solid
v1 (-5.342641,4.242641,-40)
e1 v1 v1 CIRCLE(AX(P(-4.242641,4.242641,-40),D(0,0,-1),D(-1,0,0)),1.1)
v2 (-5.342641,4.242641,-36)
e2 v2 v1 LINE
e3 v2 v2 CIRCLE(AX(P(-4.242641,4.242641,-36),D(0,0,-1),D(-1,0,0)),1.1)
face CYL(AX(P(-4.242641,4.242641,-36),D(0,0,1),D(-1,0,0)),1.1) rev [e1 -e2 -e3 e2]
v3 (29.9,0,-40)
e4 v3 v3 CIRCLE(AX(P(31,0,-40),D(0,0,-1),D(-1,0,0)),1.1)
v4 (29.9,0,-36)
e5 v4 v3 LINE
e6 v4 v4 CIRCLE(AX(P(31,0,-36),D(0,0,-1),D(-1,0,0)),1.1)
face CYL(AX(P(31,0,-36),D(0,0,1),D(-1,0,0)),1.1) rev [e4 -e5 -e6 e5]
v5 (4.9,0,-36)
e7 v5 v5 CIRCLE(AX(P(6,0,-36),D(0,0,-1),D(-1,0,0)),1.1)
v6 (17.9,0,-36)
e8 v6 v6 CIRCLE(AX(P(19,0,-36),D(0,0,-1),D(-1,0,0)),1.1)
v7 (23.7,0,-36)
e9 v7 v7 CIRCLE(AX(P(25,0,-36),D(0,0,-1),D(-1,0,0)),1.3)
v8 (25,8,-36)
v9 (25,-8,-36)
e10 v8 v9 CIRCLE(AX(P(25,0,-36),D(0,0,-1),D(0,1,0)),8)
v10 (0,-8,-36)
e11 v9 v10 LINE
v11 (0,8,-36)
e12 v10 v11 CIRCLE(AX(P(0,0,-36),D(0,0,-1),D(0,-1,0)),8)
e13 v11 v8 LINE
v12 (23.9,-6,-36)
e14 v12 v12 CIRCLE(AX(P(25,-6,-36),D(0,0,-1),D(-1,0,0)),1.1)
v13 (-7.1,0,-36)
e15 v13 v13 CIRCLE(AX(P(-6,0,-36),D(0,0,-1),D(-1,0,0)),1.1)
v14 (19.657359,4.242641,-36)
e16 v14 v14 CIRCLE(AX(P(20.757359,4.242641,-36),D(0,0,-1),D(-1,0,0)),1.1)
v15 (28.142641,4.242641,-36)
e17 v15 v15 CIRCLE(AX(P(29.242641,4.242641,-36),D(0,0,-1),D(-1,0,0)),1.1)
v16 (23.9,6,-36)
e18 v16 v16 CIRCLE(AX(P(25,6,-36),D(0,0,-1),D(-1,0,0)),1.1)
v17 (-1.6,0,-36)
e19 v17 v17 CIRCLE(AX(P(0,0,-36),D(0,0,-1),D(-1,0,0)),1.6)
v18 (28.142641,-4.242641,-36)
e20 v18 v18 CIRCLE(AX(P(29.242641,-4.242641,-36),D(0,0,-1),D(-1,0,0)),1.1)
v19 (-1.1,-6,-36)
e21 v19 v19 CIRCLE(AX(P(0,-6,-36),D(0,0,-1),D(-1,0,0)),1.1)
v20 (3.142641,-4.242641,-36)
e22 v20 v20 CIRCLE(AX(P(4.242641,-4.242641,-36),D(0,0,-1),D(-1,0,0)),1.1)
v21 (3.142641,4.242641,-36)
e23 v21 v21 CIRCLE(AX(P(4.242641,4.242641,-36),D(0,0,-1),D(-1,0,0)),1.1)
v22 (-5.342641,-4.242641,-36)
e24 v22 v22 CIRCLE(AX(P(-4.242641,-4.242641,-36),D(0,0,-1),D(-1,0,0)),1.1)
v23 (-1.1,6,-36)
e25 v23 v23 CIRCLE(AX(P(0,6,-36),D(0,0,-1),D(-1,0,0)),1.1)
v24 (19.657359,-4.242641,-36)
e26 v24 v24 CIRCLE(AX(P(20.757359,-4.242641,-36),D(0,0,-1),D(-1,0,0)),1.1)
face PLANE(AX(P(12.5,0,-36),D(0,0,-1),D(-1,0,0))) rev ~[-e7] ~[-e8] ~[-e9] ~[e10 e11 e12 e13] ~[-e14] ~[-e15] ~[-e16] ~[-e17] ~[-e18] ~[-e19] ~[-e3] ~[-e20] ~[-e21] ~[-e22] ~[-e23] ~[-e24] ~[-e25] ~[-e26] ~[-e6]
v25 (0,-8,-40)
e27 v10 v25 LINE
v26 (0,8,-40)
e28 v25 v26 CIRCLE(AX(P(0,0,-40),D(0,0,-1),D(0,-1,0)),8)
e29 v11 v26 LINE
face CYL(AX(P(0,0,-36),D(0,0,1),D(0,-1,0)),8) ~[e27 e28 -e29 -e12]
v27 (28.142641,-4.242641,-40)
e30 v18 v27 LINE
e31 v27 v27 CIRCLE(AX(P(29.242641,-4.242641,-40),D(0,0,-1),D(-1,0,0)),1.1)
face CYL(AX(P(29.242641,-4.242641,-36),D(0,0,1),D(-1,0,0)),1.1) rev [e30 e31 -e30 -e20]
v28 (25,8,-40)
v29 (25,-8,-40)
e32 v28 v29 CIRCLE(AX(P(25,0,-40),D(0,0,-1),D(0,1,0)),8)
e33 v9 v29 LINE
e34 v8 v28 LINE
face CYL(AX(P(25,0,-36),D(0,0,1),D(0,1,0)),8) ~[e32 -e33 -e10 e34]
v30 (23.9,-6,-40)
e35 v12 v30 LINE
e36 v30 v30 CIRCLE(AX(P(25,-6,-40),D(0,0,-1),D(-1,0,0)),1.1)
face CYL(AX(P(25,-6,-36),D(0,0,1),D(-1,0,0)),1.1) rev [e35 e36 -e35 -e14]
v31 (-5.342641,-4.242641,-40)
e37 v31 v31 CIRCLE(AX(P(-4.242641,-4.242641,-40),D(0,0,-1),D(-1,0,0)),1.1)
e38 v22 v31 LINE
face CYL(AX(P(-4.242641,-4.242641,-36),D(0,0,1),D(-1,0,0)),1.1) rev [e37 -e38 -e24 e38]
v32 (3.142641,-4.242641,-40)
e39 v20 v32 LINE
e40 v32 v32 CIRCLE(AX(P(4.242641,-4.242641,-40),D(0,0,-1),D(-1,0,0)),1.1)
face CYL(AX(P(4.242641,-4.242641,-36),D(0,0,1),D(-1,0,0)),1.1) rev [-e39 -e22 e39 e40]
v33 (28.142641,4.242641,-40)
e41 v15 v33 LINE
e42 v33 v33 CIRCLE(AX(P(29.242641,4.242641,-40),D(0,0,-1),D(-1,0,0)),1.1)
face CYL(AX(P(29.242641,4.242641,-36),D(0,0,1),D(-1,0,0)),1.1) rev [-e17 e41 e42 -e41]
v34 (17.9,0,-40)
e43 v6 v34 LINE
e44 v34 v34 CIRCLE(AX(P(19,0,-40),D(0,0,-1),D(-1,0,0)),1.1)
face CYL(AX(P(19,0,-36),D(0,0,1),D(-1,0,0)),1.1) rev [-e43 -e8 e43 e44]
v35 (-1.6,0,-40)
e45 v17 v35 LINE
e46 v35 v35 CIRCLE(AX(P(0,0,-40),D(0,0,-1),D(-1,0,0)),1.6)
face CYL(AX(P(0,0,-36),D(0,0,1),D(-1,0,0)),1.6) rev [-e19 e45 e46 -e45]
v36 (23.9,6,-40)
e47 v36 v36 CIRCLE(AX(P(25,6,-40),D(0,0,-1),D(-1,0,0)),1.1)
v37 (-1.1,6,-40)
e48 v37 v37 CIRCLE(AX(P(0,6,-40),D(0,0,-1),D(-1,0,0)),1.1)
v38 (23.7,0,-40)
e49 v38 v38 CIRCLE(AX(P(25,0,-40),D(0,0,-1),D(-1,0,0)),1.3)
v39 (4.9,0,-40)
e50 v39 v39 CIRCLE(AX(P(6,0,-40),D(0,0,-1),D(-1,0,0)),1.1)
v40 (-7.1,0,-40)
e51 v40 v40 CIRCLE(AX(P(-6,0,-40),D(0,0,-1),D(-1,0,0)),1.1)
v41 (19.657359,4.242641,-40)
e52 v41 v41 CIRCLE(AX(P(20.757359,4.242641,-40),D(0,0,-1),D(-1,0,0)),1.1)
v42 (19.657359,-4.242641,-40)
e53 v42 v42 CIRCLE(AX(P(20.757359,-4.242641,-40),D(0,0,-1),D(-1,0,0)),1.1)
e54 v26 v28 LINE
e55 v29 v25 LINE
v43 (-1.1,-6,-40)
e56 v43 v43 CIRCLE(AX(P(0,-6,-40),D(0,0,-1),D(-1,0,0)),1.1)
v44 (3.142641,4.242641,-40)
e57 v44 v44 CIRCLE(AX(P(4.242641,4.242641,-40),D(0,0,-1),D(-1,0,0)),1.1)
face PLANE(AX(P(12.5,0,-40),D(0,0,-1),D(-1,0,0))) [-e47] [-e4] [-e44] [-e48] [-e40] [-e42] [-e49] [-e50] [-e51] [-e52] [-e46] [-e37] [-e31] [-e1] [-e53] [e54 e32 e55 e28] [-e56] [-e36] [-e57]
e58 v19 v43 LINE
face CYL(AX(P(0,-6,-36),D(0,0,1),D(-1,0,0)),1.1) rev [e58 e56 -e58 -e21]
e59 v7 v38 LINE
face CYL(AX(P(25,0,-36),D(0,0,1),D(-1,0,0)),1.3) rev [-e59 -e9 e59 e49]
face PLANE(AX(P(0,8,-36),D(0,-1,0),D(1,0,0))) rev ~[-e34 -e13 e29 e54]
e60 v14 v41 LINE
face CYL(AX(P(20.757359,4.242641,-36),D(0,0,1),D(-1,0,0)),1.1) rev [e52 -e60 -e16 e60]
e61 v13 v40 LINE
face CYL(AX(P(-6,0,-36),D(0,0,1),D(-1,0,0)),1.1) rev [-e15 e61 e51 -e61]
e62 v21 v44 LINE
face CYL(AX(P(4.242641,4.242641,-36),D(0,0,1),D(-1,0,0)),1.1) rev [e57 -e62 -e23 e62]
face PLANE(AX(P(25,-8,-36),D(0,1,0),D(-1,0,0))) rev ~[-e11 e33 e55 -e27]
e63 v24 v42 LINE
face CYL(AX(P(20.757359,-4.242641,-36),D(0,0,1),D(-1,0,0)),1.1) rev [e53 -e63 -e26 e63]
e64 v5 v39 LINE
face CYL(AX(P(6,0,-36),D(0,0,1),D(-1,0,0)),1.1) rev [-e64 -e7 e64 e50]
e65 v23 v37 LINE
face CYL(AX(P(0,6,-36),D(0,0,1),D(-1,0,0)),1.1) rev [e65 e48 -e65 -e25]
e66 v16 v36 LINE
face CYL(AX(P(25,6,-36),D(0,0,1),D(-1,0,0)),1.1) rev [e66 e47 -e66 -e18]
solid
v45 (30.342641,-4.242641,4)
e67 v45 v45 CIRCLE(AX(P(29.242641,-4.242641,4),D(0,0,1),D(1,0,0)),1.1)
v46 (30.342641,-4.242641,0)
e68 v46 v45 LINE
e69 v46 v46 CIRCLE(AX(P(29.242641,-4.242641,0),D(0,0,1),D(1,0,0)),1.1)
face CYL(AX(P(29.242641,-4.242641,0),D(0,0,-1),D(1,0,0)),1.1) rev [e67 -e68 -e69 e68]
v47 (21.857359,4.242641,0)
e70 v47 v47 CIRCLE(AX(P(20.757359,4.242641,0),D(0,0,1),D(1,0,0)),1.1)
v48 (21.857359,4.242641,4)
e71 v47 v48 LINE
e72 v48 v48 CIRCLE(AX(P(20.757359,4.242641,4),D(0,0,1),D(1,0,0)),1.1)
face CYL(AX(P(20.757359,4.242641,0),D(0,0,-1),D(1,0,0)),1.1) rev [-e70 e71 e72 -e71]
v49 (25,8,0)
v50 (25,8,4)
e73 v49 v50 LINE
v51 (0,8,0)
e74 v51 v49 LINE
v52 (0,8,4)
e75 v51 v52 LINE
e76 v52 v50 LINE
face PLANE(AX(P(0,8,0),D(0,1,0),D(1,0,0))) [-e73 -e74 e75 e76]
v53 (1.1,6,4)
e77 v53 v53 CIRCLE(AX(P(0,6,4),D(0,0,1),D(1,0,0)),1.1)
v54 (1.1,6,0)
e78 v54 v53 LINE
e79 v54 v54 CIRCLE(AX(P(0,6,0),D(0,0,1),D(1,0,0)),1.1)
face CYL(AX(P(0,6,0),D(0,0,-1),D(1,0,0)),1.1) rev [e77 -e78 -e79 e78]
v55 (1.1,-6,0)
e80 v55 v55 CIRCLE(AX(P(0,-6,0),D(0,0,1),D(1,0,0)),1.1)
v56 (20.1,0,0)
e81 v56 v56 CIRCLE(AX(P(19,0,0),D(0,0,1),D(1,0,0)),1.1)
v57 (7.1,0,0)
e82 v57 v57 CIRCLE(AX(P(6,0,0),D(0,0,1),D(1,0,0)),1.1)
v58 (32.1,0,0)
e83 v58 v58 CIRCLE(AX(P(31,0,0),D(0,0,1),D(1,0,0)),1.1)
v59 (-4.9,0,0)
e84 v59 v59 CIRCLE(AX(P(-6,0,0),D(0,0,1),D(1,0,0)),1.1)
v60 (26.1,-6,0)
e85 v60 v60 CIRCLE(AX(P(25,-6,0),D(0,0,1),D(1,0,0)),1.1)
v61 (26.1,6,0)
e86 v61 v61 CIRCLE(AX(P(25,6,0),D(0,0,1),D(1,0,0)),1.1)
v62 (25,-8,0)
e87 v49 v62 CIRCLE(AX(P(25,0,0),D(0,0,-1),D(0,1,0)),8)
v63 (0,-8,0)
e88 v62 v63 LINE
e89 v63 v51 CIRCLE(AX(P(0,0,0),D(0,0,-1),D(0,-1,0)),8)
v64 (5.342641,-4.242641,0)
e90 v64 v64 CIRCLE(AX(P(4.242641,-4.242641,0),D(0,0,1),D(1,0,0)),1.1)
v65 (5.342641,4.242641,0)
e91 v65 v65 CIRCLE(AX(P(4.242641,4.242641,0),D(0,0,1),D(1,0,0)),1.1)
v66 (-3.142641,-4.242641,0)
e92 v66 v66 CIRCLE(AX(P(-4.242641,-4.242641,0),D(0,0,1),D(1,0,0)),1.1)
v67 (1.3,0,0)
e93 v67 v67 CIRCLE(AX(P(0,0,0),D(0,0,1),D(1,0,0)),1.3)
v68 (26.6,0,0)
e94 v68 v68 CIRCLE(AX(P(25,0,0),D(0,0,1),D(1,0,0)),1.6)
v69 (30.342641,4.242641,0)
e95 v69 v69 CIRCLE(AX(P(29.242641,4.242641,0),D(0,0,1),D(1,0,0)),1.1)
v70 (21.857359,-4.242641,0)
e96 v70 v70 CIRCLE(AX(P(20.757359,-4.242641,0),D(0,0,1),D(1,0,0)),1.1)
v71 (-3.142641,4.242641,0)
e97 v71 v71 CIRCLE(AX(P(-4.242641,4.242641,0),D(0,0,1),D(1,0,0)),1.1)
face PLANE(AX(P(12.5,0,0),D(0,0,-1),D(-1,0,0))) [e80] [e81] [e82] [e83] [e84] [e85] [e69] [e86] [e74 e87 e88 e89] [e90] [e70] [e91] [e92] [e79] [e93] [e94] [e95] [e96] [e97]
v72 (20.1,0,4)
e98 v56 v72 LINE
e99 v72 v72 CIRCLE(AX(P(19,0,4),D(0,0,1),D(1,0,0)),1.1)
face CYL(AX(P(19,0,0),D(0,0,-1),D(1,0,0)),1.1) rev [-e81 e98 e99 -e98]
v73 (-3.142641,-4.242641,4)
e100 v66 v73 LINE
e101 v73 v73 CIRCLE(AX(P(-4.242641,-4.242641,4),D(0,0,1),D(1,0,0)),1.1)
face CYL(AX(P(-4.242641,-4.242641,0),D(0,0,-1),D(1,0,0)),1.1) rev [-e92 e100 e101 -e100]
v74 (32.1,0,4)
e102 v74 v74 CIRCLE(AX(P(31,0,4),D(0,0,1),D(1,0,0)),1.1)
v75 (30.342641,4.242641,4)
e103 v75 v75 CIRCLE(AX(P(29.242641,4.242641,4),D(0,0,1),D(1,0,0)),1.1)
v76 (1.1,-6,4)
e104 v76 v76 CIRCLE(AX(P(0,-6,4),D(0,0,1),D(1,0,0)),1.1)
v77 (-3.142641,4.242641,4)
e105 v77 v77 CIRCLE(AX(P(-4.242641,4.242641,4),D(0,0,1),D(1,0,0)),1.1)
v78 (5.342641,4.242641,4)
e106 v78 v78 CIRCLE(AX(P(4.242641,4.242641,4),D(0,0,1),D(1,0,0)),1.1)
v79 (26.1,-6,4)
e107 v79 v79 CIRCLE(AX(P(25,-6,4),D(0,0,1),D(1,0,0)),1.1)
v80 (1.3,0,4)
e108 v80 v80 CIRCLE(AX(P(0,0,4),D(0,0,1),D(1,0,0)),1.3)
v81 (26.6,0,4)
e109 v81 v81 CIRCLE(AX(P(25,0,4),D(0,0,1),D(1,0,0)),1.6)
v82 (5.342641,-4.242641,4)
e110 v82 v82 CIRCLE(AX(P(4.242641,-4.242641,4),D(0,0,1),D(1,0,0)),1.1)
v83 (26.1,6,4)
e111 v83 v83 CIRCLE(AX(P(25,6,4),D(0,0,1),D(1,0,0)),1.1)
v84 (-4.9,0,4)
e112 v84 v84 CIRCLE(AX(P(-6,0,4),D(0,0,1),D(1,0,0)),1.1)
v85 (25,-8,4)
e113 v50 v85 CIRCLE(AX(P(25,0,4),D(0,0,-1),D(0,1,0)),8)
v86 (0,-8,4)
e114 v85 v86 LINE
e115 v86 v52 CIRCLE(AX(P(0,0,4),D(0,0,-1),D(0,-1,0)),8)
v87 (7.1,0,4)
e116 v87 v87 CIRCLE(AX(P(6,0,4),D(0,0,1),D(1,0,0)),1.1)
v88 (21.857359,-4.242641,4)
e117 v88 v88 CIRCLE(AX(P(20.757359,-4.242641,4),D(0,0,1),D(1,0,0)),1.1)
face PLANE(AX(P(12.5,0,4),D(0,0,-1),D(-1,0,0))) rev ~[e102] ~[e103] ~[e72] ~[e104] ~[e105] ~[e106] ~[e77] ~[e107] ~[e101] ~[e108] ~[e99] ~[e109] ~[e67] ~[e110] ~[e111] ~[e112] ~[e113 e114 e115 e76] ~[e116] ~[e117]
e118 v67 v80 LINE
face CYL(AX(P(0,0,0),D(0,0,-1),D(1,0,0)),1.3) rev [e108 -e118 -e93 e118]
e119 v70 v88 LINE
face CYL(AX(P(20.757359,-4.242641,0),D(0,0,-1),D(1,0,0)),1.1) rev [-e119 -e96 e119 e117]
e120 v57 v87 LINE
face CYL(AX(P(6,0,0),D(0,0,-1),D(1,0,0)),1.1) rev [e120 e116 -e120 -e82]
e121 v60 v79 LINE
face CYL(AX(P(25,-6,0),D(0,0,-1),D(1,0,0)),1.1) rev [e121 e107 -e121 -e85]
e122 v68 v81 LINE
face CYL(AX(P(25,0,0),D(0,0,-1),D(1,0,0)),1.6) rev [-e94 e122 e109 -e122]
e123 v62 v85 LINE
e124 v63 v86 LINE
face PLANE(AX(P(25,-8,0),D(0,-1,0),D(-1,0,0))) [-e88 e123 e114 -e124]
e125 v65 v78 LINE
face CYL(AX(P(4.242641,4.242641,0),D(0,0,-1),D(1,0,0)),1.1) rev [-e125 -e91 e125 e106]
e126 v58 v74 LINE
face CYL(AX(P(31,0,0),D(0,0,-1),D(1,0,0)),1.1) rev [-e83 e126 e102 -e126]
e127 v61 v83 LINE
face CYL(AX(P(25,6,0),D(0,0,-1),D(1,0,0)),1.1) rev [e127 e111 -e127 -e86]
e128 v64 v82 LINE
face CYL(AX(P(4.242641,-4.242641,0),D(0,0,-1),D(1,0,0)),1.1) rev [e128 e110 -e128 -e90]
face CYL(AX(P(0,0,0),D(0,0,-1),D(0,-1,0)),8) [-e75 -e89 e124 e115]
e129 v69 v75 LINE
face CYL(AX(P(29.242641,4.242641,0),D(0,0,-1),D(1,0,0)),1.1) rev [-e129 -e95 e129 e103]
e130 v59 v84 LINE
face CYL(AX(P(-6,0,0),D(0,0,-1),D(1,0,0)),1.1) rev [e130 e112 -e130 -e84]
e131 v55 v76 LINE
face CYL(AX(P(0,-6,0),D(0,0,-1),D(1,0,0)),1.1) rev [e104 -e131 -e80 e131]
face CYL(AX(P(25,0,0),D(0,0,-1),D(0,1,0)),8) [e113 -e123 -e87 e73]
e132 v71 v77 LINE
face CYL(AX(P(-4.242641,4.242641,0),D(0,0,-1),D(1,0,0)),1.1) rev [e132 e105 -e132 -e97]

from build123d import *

# Parameters (mm, degrees)
SKETCH_1_R      = 1.3
SKETCH_1_R_2    = 1.6
SKETCH_1_R_3    = 1.1
EXTRUDE_1_DEPTH = 4
SKETCH_3_R      = 1.3
SKETCH_3_R_2    = 1.6
SKETCH_3_R_3    = 1.1
EXTRUDE_2_DEPTH = 4


with BuildPart() as part:
    # ｽｹｯﾁ1 → ﾎﾞｽ - 押し出し1 (new body)
    with BuildSketch(Plane.XY):
        with BuildLine():
            Line((0, 8), (25, 8))
            ThreePointArc((25, 8), (33, 0), (25, -8))
            Line((25, -8), (0, -8))
            ThreePointArc((0, -8), (-8, 0), (0, 8))
        make_face()
        Circle(SKETCH_1_R, mode=Mode.SUBTRACT)
        with Locations((25, 0)):
            Circle(SKETCH_1_R_2, mode=Mode.SUBTRACT)
        with Locations((0, 6)):
            Circle(SKETCH_1_R_3, mode=Mode.SUBTRACT)
        with Locations((4.242640687, 4.242640687)):
            Circle(SKETCH_1_R_3, mode=Mode.SUBTRACT)
        with Locations((6, 0)):
            Circle(SKETCH_1_R_3, mode=Mode.SUBTRACT)
        with Locations((4.242640687, -4.242640687)):
            Circle(SKETCH_1_R_3, mode=Mode.SUBTRACT)
        with Locations((0, -6)):
            Circle(SKETCH_1_R_3, mode=Mode.SUBTRACT)
        with Locations((-4.242640687, -4.242640687)):
            Circle(SKETCH_1_R_3, mode=Mode.SUBTRACT)
        with Locations((-6, 0)):
            Circle(SKETCH_1_R_3, mode=Mode.SUBTRACT)
        with Locations((-4.242640687, 4.242640687)):
            Circle(SKETCH_1_R_3, mode=Mode.SUBTRACT)
        with Locations((25, 6)):
            Circle(SKETCH_1_R_3, mode=Mode.SUBTRACT)
        with Locations((29.242640687, 4.242640687)):
            Circle(SKETCH_1_R_3, mode=Mode.SUBTRACT)
        with Locations((31, 0)):
            Circle(SKETCH_1_R_3, mode=Mode.SUBTRACT)
        with Locations((29.242640687, -4.242640687)):
            Circle(SKETCH_1_R_3, mode=Mode.SUBTRACT)
        with Locations((25, -6)):
            Circle(SKETCH_1_R_3, mode=Mode.SUBTRACT)
        with Locations((20.757359313, -4.242640687)):
            Circle(SKETCH_1_R_3, mode=Mode.SUBTRACT)
        with Locations((19, 0)):
            Circle(SKETCH_1_R_3, mode=Mode.SUBTRACT)
        with Locations((20.757359313, 4.242640687)):
            Circle(SKETCH_1_R_3, mode=Mode.SUBTRACT)
    extrude(amount=EXTRUDE_1_DEPTH)


with BuildPart() as body_2:
    # ｽｹｯﾁ3 → ﾎﾞｽ - 押し出し2 (new body)
    with BuildSketch(Plane(origin=(0, 0, -36), x_dir=(-1, 0, 0), z_dir=(0, 0, -1))):
        with BuildLine():
            Line((0, 8), (-25, 8))
            ThreePointArc((-25, 8), (-33, 0), (-25, -8))
            Line((-25, -8), (0, -8))
            ThreePointArc((0, -8), (8, 0), (0, 8))
        make_face()
        with Locations((-25, 0)):
            Circle(SKETCH_3_R, mode=Mode.SUBTRACT)
        Circle(SKETCH_3_R_2, mode=Mode.SUBTRACT)
        with Locations((-31, 0)):
            Circle(SKETCH_3_R_3, mode=Mode.SUBTRACT)
        with Locations((-29.242640687, 4.242640687)):
            Circle(SKETCH_3_R_3, mode=Mode.SUBTRACT)
        with Locations((-25, 6)):
            Circle(SKETCH_3_R_3, mode=Mode.SUBTRACT)
        with Locations((-29.242640687, -4.242640687)):
            Circle(SKETCH_3_R_3, mode=Mode.SUBTRACT)
        with Locations((4.242640687, -4.242640687)):
            Circle(SKETCH_3_R_3, mode=Mode.SUBTRACT)
        with Locations((6, 0)):
            Circle(SKETCH_3_R_3, mode=Mode.SUBTRACT)
        with Locations((4.242640687, 4.242640687)):
            Circle(SKETCH_3_R_3, mode=Mode.SUBTRACT)
        with Locations((0, 6)):
            Circle(SKETCH_3_R_3, mode=Mode.SUBTRACT)
        with Locations((-4.242640687, 4.242640687)):
            Circle(SKETCH_3_R_3, mode=Mode.SUBTRACT)
        with Locations((-6, 0)):
            Circle(SKETCH_3_R_3, mode=Mode.SUBTRACT)
        with Locations((-4.242640687, -4.242640687)):
            Circle(SKETCH_3_R_3, mode=Mode.SUBTRACT)
        with Locations((0, -6)):
            Circle(SKETCH_3_R_3, mode=Mode.SUBTRACT)
        with Locations((-25, -6)):
            Circle(SKETCH_3_R_3, mode=Mode.SUBTRACT)
        with Locations((-20.757359313, -4.242640687)):
            Circle(SKETCH_3_R_3, mode=Mode.SUBTRACT)
        with Locations((-19, 0)):
            Circle(SKETCH_3_R_3, mode=Mode.SUBTRACT)
        with Locations((-20.757359313, 4.242640687)):
            Circle(SKETCH_3_R_3, mode=Mode.SUBTRACT)
    extrude(amount=EXTRUDE_2_DEPTH)


solid = Compound([part.part, body_2.part])
